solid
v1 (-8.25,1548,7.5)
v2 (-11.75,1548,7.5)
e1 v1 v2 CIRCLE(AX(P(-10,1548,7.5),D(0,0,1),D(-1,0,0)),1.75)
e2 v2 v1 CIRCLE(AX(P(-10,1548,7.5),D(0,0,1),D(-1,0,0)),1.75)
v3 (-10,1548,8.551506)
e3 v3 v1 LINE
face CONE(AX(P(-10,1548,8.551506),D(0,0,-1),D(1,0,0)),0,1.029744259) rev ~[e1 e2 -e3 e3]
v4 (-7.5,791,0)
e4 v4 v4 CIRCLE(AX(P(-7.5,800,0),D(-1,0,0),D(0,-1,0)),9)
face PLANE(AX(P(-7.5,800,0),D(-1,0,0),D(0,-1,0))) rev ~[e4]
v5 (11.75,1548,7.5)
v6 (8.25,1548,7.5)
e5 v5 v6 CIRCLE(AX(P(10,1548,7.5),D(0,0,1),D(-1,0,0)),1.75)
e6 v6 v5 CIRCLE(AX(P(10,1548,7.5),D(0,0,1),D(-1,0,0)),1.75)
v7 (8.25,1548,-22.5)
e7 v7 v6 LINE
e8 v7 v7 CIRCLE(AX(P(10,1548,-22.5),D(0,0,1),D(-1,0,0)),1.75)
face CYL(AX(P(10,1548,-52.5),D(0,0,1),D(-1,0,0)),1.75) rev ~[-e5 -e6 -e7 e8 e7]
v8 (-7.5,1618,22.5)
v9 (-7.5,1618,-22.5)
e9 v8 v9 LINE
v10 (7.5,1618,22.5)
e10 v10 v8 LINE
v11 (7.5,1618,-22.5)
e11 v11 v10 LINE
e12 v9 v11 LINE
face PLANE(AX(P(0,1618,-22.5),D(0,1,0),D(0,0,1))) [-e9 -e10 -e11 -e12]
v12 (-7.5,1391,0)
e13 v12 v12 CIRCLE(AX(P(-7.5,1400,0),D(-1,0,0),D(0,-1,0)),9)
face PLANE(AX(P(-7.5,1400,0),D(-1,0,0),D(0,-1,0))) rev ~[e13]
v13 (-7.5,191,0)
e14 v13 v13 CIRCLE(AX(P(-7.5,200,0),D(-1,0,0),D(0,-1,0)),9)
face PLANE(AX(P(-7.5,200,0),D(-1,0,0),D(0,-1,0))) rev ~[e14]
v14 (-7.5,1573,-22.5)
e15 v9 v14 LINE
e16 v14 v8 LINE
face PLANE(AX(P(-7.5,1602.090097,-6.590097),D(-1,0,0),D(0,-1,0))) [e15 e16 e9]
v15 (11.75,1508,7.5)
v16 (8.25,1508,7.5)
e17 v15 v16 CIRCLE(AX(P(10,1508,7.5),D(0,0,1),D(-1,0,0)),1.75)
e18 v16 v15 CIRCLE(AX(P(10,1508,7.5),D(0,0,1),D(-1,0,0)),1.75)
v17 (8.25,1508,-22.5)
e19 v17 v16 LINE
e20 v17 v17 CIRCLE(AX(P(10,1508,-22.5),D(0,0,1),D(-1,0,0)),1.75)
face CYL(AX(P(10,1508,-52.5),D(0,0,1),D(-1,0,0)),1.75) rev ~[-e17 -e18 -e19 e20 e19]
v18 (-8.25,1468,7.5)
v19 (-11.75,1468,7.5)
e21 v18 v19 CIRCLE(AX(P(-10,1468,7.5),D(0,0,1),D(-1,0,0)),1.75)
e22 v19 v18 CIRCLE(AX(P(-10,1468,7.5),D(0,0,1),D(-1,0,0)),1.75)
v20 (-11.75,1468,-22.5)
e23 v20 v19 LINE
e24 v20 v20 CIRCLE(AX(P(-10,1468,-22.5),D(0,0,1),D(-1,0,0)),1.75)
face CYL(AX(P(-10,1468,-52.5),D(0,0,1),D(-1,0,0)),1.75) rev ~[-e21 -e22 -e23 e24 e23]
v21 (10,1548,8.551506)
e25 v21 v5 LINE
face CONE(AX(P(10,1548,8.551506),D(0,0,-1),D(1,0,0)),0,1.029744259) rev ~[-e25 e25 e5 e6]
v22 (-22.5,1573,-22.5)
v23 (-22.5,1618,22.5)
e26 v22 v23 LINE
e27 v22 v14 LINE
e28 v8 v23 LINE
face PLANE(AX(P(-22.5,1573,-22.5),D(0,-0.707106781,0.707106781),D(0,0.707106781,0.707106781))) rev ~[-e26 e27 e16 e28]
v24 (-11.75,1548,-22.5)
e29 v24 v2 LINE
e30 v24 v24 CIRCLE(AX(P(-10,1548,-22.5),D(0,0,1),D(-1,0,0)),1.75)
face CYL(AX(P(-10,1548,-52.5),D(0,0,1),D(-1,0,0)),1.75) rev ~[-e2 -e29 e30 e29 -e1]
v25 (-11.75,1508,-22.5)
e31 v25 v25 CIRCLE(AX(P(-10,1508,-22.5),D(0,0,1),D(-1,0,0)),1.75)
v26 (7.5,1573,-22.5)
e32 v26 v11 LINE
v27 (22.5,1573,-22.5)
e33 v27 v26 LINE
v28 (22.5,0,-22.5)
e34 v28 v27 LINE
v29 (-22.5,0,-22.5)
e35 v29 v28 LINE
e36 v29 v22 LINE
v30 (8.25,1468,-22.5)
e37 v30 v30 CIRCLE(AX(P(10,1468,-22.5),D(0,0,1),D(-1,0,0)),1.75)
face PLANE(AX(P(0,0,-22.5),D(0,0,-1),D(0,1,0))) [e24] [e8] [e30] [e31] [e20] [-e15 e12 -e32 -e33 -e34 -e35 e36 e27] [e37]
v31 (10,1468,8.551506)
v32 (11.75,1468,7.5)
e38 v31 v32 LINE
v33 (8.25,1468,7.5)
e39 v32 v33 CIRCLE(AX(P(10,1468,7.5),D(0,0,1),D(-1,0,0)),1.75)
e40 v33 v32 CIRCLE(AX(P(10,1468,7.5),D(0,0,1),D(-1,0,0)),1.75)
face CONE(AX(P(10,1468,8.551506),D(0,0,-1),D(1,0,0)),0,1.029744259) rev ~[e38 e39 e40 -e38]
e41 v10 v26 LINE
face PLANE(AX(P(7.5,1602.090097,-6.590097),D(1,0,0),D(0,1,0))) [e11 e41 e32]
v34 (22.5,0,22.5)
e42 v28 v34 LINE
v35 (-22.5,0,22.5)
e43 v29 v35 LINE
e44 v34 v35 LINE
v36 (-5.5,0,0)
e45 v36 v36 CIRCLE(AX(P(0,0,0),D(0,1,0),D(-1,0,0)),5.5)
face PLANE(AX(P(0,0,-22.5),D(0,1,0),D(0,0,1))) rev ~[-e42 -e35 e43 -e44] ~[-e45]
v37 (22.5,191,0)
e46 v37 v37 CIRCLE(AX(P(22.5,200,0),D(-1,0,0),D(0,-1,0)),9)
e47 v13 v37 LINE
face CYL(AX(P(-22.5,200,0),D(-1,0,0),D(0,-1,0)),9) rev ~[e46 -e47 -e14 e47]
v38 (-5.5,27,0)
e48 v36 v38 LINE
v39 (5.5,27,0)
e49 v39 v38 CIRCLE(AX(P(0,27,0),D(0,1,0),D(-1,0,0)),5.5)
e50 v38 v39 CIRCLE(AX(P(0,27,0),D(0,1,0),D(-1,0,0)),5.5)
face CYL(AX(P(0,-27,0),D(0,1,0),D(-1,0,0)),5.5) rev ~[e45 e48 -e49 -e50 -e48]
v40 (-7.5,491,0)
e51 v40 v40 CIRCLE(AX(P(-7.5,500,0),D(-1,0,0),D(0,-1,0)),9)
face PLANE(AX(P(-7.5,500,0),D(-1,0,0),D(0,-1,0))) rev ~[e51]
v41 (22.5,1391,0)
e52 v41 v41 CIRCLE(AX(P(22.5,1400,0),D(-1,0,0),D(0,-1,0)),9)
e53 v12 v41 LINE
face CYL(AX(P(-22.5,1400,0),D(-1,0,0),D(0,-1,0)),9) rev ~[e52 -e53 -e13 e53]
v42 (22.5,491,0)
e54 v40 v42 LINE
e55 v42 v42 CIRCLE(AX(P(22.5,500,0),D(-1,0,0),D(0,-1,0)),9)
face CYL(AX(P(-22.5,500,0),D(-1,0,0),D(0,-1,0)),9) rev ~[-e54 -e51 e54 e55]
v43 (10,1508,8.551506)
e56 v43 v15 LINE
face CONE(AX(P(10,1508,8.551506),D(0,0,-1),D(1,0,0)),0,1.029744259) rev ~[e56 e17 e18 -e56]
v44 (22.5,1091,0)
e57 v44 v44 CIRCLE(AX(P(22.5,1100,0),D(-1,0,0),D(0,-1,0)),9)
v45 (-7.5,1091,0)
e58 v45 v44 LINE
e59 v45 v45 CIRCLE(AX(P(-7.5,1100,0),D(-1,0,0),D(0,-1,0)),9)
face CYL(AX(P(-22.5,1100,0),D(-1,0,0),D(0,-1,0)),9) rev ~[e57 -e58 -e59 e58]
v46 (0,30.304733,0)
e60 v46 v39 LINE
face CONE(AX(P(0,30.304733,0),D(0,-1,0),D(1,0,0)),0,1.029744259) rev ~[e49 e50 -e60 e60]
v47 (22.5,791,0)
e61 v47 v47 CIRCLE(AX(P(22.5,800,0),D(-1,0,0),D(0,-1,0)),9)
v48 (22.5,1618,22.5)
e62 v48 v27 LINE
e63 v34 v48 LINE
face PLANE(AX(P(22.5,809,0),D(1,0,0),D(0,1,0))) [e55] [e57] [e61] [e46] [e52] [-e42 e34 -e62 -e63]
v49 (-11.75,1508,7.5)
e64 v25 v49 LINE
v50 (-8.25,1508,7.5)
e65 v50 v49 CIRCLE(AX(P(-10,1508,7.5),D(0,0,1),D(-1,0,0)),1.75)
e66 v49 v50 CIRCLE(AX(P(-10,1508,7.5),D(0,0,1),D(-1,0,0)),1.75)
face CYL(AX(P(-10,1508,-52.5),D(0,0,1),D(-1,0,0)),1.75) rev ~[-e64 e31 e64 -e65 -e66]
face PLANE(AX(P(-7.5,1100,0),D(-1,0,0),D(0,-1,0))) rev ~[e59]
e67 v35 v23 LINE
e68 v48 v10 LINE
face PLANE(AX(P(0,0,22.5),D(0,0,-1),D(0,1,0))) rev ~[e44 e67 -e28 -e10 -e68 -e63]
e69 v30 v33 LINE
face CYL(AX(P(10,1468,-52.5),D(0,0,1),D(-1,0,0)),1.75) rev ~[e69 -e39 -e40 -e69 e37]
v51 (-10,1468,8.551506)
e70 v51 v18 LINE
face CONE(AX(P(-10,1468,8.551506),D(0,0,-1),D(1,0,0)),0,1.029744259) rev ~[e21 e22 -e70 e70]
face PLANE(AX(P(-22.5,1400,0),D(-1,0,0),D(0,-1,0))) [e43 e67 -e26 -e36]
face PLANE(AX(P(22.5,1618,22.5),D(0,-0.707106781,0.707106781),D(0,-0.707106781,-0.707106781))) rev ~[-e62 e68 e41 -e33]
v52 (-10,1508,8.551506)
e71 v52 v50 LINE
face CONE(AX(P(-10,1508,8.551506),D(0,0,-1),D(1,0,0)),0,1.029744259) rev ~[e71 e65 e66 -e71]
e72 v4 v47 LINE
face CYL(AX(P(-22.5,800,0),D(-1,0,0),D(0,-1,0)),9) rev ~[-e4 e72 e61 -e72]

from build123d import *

# Parameters (mm, degrees)
F0_W      = 1618
F0_H      = 45
F1_DEPTH  = 22.5
F3_D      = 11
F3_DEPTH  = 27
F3_TIP    = 3.3047334047
F5_DEPTH  = 15
F7_DEPTH  = 15
F8_R      = 9
F9_DEPTH  = 45.001
F10_DEPTH = 15
F12_D     = 3.5
F12_DEPTH = 30
F12_TIP   = 1.0515060833


with BuildPart() as f1:
    # F0 (on Right) → F1 (new body, symmetric)
    with BuildSketch(Plane.YZ):
        with Locations((809, 0)):
            Rectangle(F0_W, F0_H)
    extrude(amount=F1_DEPTH, both=True)

    # F3
    with Locations(Plane.XZ):
        with Locations((0, 0)):
            Hole(F3_D / 2, depth=F3_DEPTH)
            with Locations((0, 0, -(F3_DEPTH + F3_TIP / 2))):  # 118° drill point
                Cone(0, F3_D / 2, F3_TIP, mode=Mode.SUBTRACT)

    # F4 (on face) → F5 (cut)
    with BuildSketch(Plane.YZ.offset(22.5)):
        Polygon((1618, -22.5), (1618, 22.5), (1573, -22.5), align=None)
    extrude(amount=-F5_DEPTH, mode=Mode.SUBTRACT)

    # F6 (on face) → F7 (cut)
    with BuildSketch(Plane(origin=(-22.5, 0, 0), x_dir=(0, -1, 0), z_dir=(-1, 0, 0))):
        Polygon((-1573, -22.5), (-1618, 22.5), (-1618, -22.5), align=None)
    extrude(amount=-F7_DEPTH, mode=Mode.SUBTRACT)

    # F8 (on face) → F9 (cut, through all)
    with BuildSketch(Plane(origin=(-22.5, 0, 0), x_dir=(0, -1, 0), z_dir=(-1, 0, 0))):
        with Locations((-200, 0)):
            Circle(F8_R)
        with Locations((-500, 0)):
            Circle(F8_R)
        with Locations((-800, 0)):
            Circle(F8_R)
        with Locations((-1100, 0)):
            Circle(F8_R)
        with Locations((-1400, 0)):
            Circle(F8_R)
    extrude(amount=-F9_DEPTH, mode=Mode.SUBTRACT)

    # F8 (on face) → F10 (join)
    with BuildSketch(Plane(origin=(-22.5, 0, 0), x_dir=(0, -1, 0), z_dir=(-1, 0, 0))):
        with Locations((-1400, 0)):
            Circle(F8_R)
        with Locations((-1100, 0)):
            Circle(F8_R)
        with Locations((-800, 0)):
            Circle(F8_R)
        with Locations((-500, 0)):
            Circle(F8_R)
        with Locations((-200, 0)):
            Circle(F8_R)
    extrude(amount=-F10_DEPTH)

    # F12
    with Locations(Plane(origin=(0, 0, -22.5), x_dir=(1, 0, 0), z_dir=(0, 0, -1))):
        with Locations((10, -1548), (10, -1508), (10, -1468), (-10, -1468), (-10, -1508), (-10, -1548)):
            Hole(F12_D / 2, depth=F12_DEPTH)
            with Locations((0, 0, -(F12_DEPTH + F12_TIP / 2))):  # 118° drill point
                Cone(0, F12_D / 2, F12_TIP, mode=Mode.SUBTRACT)


solid = f1.part
